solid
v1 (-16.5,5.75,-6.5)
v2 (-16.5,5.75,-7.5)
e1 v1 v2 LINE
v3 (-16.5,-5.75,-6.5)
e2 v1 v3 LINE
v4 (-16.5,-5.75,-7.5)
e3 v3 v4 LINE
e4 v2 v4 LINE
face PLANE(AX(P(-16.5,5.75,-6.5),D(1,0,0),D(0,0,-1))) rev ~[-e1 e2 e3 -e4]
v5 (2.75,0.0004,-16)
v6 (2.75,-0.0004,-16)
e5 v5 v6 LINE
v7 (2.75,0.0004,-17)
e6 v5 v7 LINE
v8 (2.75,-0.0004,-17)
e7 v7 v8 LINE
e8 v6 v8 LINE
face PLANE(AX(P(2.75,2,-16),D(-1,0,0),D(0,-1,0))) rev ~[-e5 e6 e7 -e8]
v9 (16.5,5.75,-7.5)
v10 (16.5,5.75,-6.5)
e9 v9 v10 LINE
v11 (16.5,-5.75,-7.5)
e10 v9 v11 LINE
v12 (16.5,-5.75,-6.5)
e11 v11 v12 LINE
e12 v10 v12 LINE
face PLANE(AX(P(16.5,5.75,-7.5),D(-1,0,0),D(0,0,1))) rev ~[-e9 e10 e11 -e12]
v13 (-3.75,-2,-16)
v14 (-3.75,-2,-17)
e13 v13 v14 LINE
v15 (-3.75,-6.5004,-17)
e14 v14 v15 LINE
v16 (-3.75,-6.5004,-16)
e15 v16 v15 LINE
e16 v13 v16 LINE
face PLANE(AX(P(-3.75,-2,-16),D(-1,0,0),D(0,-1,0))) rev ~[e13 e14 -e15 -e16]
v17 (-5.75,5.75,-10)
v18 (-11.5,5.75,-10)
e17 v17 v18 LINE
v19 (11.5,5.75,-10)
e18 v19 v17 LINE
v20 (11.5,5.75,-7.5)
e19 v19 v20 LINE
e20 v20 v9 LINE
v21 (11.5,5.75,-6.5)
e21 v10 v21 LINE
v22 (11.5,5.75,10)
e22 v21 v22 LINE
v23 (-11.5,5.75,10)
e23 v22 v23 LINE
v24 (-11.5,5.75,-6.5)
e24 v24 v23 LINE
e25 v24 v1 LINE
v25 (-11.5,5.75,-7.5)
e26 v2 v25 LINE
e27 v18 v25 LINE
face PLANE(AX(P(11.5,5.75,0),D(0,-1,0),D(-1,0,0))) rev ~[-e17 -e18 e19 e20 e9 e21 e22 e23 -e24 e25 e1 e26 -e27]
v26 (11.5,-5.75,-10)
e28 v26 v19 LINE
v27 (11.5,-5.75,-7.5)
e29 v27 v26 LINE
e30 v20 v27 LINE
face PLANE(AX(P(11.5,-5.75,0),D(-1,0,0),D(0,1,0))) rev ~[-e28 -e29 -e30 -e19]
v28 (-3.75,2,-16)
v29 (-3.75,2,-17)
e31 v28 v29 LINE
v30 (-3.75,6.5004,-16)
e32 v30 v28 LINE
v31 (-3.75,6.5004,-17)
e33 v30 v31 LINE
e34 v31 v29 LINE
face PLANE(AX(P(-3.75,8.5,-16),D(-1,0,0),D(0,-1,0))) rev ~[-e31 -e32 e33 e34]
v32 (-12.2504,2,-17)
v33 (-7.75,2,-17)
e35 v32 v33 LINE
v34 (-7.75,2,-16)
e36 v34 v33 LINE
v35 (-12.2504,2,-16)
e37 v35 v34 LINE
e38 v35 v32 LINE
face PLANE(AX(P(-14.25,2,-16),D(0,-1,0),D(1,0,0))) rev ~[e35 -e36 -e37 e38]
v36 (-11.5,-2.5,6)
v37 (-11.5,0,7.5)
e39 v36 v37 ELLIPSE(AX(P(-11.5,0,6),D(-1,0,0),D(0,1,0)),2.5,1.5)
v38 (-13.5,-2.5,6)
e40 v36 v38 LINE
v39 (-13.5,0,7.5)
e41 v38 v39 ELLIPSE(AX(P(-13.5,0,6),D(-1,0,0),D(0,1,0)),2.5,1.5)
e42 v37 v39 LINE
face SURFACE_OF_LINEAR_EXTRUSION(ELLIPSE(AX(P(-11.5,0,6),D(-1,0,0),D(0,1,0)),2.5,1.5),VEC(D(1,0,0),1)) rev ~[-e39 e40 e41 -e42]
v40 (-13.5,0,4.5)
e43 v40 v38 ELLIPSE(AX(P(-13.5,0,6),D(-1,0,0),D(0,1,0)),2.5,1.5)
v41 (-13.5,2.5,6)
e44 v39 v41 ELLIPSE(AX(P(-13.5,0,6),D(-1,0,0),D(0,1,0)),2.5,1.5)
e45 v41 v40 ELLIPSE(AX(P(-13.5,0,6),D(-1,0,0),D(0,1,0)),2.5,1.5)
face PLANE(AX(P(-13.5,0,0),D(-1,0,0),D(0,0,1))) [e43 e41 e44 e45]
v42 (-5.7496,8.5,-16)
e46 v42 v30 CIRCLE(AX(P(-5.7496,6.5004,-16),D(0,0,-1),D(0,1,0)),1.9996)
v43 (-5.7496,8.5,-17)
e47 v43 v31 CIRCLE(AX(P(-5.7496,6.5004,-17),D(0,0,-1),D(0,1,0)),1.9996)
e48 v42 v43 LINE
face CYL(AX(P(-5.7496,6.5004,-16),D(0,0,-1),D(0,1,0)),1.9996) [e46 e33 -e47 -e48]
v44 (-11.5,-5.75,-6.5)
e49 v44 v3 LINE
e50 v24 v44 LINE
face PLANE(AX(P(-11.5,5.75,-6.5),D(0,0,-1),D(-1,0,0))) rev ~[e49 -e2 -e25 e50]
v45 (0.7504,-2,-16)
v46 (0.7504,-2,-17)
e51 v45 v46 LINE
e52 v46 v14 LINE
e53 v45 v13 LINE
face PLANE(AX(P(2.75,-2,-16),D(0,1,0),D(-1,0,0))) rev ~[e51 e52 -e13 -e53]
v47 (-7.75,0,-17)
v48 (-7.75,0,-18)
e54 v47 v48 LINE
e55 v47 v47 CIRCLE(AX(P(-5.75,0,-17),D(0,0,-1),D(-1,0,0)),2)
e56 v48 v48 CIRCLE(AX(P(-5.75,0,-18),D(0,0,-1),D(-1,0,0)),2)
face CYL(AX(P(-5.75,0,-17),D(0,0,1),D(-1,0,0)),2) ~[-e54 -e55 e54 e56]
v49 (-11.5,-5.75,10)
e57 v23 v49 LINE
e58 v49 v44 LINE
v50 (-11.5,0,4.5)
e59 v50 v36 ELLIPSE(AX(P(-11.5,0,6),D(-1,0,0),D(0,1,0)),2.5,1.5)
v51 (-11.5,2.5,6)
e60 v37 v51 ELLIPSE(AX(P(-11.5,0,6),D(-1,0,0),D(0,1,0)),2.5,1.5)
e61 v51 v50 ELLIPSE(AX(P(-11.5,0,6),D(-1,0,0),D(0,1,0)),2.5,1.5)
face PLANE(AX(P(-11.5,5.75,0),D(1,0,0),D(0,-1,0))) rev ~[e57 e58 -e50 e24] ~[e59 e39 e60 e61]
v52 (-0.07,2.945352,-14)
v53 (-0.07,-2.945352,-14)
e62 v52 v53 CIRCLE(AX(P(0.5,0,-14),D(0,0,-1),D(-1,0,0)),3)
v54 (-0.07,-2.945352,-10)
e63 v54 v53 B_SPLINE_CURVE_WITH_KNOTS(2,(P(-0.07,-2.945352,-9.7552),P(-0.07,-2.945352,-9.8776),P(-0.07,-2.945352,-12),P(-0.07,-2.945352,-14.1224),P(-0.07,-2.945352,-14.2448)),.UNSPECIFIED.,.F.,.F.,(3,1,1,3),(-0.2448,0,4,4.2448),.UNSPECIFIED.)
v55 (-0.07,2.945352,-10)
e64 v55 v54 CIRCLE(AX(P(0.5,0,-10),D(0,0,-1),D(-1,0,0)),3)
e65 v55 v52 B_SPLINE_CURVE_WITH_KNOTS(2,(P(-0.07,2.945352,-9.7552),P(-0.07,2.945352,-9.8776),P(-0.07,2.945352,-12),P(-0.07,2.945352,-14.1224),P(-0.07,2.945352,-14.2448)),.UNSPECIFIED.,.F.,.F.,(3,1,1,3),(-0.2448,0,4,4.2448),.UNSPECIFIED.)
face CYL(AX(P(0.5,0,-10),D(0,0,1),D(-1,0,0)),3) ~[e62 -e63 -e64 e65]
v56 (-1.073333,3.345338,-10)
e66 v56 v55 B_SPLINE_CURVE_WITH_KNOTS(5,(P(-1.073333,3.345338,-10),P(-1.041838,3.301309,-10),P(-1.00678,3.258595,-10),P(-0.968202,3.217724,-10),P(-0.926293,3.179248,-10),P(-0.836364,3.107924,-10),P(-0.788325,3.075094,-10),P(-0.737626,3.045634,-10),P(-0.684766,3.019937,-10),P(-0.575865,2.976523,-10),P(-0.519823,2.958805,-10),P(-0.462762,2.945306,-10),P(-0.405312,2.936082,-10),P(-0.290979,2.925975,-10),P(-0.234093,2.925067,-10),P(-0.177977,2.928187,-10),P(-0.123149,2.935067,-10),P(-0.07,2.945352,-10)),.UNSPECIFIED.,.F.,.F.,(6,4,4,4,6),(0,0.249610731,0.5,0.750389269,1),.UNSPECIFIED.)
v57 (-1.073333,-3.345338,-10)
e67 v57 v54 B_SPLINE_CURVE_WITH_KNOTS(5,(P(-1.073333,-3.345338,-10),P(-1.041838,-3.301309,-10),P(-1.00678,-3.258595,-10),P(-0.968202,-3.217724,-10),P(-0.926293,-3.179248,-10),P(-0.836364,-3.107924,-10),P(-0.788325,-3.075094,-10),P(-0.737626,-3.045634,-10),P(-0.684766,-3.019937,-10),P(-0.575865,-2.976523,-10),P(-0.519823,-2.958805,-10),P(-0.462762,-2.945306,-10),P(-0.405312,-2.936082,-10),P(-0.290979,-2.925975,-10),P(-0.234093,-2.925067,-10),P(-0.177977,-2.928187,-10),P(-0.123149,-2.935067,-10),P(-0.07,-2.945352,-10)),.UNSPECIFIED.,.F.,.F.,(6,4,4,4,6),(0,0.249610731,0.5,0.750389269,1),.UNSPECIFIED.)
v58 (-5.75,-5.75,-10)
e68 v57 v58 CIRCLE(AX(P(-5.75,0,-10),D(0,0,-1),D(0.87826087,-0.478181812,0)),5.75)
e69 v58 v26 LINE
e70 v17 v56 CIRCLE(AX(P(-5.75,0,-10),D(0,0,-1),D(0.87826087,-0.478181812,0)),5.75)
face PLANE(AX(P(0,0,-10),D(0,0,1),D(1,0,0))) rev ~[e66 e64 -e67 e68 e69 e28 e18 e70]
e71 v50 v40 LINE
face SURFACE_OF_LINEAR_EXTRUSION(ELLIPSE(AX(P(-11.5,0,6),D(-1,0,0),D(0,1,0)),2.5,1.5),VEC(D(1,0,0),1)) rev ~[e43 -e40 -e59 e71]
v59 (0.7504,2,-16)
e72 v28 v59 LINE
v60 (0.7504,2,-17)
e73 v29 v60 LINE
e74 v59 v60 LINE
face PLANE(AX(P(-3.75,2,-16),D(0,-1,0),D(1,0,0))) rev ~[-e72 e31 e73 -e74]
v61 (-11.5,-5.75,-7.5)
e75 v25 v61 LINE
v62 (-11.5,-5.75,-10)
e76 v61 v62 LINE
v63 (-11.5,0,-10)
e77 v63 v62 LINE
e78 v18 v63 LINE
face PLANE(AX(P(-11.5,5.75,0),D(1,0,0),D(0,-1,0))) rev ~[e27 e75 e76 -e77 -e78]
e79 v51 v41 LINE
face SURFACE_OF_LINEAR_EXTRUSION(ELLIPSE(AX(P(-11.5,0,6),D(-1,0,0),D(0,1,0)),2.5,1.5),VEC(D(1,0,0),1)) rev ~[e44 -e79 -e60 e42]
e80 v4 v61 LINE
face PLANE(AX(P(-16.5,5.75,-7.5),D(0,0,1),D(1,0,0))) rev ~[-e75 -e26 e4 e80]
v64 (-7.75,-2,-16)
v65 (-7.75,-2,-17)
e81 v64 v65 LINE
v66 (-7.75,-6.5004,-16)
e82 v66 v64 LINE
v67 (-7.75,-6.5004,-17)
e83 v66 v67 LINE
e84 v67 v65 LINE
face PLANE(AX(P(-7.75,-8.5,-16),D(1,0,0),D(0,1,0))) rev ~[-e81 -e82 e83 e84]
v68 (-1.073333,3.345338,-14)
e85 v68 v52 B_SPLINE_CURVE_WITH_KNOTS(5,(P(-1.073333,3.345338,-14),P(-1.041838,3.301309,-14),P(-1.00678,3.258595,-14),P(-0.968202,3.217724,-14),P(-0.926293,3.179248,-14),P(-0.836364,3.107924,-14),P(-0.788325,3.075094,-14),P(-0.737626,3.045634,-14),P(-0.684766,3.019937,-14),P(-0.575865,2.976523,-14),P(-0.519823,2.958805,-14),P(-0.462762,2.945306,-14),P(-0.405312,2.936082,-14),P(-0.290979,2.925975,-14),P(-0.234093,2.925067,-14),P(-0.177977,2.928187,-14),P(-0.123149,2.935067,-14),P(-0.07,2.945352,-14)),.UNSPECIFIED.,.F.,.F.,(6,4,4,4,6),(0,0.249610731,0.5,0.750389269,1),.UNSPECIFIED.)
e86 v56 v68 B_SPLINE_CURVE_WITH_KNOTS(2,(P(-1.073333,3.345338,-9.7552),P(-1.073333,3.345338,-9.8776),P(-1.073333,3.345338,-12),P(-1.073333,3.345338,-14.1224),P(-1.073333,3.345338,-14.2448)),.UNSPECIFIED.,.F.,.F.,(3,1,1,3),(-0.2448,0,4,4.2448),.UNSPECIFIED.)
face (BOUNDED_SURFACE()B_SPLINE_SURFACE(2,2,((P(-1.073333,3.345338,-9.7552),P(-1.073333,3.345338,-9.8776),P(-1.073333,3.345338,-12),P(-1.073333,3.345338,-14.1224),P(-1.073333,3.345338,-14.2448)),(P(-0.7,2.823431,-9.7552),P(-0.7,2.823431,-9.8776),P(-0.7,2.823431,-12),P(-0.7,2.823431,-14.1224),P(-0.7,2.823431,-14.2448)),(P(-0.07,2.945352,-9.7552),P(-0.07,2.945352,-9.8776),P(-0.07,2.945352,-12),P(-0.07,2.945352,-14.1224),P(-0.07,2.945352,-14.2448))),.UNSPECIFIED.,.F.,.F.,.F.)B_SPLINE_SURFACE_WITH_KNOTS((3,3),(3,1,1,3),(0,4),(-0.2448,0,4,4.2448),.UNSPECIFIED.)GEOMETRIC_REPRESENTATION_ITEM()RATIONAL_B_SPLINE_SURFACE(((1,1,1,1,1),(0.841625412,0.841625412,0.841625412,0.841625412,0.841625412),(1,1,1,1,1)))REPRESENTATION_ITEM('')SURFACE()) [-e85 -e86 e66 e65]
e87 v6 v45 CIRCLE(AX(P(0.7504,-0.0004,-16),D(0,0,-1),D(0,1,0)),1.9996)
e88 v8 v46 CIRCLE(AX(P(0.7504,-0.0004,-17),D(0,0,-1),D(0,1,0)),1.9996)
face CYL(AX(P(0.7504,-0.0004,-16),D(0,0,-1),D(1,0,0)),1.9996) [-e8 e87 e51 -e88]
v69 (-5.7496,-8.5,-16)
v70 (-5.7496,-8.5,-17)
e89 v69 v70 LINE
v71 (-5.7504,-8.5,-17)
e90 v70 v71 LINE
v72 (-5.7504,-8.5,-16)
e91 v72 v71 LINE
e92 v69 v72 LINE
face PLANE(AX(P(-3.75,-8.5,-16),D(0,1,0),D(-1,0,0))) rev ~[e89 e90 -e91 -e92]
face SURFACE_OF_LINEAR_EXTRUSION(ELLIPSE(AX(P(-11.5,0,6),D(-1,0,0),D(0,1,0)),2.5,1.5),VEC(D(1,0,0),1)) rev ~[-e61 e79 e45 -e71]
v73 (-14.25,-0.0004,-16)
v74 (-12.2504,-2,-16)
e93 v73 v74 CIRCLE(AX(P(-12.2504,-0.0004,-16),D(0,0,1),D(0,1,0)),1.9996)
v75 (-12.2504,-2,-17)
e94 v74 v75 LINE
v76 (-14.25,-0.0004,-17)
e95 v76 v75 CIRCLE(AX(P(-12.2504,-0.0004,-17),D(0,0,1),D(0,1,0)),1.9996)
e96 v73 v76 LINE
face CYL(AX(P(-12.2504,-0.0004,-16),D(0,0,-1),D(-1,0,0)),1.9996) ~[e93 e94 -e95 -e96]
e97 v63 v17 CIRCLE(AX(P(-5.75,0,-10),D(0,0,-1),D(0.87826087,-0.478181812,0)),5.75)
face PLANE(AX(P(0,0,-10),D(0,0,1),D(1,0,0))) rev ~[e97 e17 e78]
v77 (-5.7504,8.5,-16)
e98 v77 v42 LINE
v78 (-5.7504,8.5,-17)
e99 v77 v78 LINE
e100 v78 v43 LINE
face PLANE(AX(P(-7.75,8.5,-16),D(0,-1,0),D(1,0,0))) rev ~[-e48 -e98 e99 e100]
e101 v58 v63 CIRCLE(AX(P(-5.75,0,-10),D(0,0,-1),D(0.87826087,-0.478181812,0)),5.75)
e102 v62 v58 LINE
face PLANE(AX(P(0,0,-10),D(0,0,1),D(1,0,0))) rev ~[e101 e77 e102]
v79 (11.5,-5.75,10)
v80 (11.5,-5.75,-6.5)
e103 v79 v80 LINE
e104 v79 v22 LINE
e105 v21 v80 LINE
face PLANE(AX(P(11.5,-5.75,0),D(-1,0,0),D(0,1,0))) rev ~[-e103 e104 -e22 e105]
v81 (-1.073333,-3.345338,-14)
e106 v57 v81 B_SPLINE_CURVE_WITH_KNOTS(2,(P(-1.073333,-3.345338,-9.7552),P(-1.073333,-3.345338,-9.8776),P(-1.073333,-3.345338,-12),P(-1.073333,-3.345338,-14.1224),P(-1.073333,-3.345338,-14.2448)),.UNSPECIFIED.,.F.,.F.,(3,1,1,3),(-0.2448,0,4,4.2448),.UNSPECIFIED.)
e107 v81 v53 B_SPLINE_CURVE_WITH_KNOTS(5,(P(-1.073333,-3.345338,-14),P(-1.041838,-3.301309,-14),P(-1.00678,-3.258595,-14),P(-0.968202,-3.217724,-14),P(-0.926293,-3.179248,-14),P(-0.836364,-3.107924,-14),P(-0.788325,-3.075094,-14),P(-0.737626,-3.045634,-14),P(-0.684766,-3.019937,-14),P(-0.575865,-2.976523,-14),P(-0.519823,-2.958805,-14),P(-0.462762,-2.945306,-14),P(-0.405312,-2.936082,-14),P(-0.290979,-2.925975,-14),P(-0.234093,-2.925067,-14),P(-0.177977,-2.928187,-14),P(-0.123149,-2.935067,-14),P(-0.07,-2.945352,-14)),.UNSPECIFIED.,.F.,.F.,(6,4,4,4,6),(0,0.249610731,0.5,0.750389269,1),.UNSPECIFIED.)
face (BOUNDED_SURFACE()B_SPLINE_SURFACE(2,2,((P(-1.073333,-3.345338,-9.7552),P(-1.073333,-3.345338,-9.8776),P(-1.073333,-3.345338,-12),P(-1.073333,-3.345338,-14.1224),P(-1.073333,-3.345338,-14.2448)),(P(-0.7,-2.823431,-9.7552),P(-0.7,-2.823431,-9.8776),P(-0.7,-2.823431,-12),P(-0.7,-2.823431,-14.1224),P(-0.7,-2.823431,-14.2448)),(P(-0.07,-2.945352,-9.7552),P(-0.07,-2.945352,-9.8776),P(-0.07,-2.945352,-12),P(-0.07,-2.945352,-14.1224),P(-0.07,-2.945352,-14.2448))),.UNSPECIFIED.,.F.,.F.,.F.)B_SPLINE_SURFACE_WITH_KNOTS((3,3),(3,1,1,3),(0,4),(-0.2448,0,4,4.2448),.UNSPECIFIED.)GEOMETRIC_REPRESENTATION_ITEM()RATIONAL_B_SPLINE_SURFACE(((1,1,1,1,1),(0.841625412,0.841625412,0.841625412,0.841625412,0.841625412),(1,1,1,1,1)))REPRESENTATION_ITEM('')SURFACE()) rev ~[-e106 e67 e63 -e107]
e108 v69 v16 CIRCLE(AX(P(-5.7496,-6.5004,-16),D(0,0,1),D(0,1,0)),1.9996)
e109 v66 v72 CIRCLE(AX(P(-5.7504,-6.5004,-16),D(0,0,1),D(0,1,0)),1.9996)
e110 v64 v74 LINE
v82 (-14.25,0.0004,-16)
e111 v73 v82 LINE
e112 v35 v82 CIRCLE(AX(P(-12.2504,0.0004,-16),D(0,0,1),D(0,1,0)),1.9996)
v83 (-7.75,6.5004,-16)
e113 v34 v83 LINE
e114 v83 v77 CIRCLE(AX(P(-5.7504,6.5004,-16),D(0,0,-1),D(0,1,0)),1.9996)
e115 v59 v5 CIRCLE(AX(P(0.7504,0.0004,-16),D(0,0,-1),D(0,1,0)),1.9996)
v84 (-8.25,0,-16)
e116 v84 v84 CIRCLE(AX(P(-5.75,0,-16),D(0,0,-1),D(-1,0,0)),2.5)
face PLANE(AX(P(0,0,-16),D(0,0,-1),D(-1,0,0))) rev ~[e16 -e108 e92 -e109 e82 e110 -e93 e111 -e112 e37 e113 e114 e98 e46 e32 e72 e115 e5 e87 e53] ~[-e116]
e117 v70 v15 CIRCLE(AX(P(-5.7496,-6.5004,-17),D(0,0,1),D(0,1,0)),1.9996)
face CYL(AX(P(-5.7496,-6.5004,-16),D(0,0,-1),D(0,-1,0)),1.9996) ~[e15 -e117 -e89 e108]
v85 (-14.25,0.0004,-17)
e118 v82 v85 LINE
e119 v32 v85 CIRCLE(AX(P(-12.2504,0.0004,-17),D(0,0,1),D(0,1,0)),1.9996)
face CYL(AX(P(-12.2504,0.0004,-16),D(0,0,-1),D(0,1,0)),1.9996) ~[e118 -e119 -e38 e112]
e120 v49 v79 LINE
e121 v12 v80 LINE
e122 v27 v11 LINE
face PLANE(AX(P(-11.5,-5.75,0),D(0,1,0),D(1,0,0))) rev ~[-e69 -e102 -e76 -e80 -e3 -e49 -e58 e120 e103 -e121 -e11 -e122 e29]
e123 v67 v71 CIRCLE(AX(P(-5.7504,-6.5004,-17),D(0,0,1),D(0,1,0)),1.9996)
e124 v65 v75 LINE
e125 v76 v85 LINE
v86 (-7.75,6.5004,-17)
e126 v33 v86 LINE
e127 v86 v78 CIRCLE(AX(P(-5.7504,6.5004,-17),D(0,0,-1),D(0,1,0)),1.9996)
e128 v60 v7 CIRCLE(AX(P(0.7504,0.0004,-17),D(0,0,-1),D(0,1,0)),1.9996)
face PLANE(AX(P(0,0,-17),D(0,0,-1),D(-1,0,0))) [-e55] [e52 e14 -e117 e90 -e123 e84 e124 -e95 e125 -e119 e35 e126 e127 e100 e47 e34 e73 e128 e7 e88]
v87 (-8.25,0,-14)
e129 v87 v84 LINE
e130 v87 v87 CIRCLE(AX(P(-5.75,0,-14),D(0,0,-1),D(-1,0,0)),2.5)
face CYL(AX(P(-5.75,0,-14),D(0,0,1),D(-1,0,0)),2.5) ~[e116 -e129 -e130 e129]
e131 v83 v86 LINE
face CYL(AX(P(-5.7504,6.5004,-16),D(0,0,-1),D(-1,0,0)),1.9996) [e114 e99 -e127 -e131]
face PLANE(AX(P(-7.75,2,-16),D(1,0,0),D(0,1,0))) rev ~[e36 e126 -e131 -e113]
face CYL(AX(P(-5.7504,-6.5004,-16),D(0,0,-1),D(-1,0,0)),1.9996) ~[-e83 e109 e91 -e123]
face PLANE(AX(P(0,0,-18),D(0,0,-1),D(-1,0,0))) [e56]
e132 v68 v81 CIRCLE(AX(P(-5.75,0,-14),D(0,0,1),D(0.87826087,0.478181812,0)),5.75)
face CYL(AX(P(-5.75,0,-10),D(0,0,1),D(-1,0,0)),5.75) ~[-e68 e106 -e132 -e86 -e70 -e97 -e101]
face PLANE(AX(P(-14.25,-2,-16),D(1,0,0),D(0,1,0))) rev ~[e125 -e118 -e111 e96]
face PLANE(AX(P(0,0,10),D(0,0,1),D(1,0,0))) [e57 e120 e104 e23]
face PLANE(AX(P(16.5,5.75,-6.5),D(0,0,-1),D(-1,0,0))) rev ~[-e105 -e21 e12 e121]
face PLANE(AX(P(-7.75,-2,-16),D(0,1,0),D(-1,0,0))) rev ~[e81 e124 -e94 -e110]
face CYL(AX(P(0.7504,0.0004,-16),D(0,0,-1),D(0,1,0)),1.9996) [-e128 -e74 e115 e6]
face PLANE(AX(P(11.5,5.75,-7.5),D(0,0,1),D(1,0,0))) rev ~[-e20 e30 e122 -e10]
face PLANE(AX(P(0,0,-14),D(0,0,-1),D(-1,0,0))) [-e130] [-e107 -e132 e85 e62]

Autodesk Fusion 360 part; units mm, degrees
sketch "Skizze1" plane through (0, 0, 0) normal (0, 0, 1) x (1, 0, 0)
  line L0 (11.5, 5.75) -> (-11.5, 5.75)
  line L1 (-11.5, 5.75) -> (-11.5, -5.75)
  line L2 (-11.5, -5.75) -> (11.5, -5.75)
  line L3 (11.5, -5.75) -> (11.5, 5.75)
  line L4 (11.5, 5.75) -> (-11.5, -5.75) construction
  line L5 (-11.5, 5.75) -> (11.5, -5.75) construction
  dimension "d1" = 11.5
  dimension "d2" = 23
extrude "Extrusion1" add sketch "Skizze1" along normal mid plane 20
sketch "Skizze2" plane through (0, 5.75, 0) normal (0, 1, 0) x (-1, 0, 0)
  line L0 (11.5, -10) -> (11.5, 10)
  line L1 (11.5, 10) -> (-11.5, 10)
  line L2 (-11.5, 10) -> (-11.5, -10)
  line L3 (-11.5, -10) -> (11.5, -10)
  line L4 (16.5, -7.5) -> (-16.5, -7.5)
  line L5 (-16.5, -7.5) -> (-16.5, -6.5)
  line L6 (-16.5, -6.5) -> (16.5, -6.5)
  line L7 (16.5, -6.5) -> (16.5, -7.5)
  dimension "d5" = 2.5
  dimension "d6" = 1
  dimension "d7" = 5
  dimension "d8" = 5
extrude "Extrusion2" add sketch "Skizze2" against normal blind 11.5 contours L0 L4 L6 L7 | L2 L4 L5 L6
sketch "Skizze3" plane through (0, 0, -10) normal (0, 0, -1) x (-1, 0, 0)
  line L0 (-11.5, 5.75) -> (-11.5, -5.75)
  line L1 (-11.5, -5.75) -> (11.5, -5.75)
  line L2 (11.5, -5.75) -> (11.5, 5.75)
  line L3 (11.5, 5.75) -> (-11.5, 5.75)
  circle A0 centre (5.75, 0) radius 5.75
  circle A1 centre (-0.5, 0) radius 3
  dimension "d11" = 11.5
  dimension "d13" = 6
  dimension "d14" = 12
extrude "Extrusion3" add sketch "Skizze3" along normal blind 4 contours A0 A1 | A0 A1 | A0 A1
fillet "Abrundung1" radius 1 2 edges at (-0.7, 2.7495, -12) (-0.7, -2.7495, -12)
sketch "Skizze4" plane through (0, 0, -14) normal (0, 0, -1) x (-1, 0, 0)
  arc A0 (1.0733, -3.3453) -> (1.0733, 3.3453) centre (5.75, 0) ccw
  arc A1 (0.07, 2.9454) -> (1.0733, 3.3453) centre (0.26, 3.9271) ccw
  arc A2 (0.07, 2.9454) -> (0.07, -2.9454) centre (-0.5, 0) ccw
  arc A3 (1.0733, -3.3453) -> (0.07, -2.9454) centre (0.26, -3.9271) ccw
  circle A4 centre (5.75, 0) radius 2.5
  dimension "d19" = 5
extrude "Extrusion4" add sketch "Skizze4" along normal blind 2 contours A4
sketch "Skizze5" plane through (0, 0, -16) normal (0, 0, -1) x (-1, 0, 0)
  circle A0 centre (5.75, 0) radius 2.5
  line L0 (7.75, 8.5) -> (3.75, 8.5)
  line L1 (3.75, -8.5) -> (7.75, -8.5)
  line L2 (7.75, 8.5) -> (3.75, -8.5) construction
  line L3 (3.75, 8.5) -> (7.75, -8.5) construction
  line L4 (-2.75, 2) -> (-2.75, -2)
  line L5 (14.25, -2) -> (14.25, 2)
  line L6 (14.25, 2) -> (-2.75, -2) construction
  line L7 (-2.75, 2) -> (14.25, -2) construction
  line L8 (3.75, 2) -> (-2.75, 2)
  line L9 (3.75, 8.5) -> (3.75, 2)
  line L10 (3.75, 0.4706) -> (3.75, -0.4706)
  line L11 (3.75, -2) -> (3.75, -8.5)
  line L12 (-2.75, -2) -> (3.75, -2)
  line L13 (7.75, -2) -> (14.25, -2)
  line L14 (7.75, -8.5) -> (7.75, -2)
  line L15 (7.75, -0.4706) -> (7.75, 0.4706)
  line L16 (7.75, 2) -> (7.75, 8.5)
  line L17 (14.25, 2) -> (7.75, 2)
  line L18 (6.2206, 2) -> (5.2794, 2)
  point P0 (5.75, 0)
  point P1 (5.75, 0)
  dimension "d22" = 4
  dimension "d23" = 17
extrude "Extrusion5" add sketch "Skizze5" along normal blind 1 contours A0 | L0 L1 L4 L5 L8 L9 L11 L12 L13 L14 L16 L17
fillet "Abrundung2" radius 2 8 edges at (2.75, -2, -16.5) (-3.75, -8.5, -16.5) (-7.75, -8.5, -16.5) (-14.25, -2, -16.5) (-14.25, 2, -16.5) (-7.75, 8.5, -16.5) (-3.75, 8.5, -16.5) (2.75, 2, -16.5)
sketch "Skizze6" plane through (0, 0, -17) normal (0, 0, -1) x (-1, 0, 0)
  arc A0 (-0.75, 2) -> (-0.75, -2) centre (-0.75, 0) ccw
  line L0 (-0.75, -2) -> (3.75, -2)
  line L1 (3.75, -2) -> (3.75, -6.5)
  arc A1 (3.75, -6.5) -> (7.75, -6.5) centre (5.75, -6.5) ccw
  line L2 (7.75, -6.5) -> (7.75, -2)
  line L3 (7.75, -2) -> (12.25, -2)
  arc A2 (12.25, -2) -> (12.25, 2) centre (12.25, 0) ccw
  line L4 (12.25, 2) -> (7.75, 2)
  line L5 (7.75, 2) -> (7.75, 6.5)
  arc A3 (7.75, 6.5) -> (3.75, 6.5) centre (5.75, 6.5) ccw
  line L6 (3.75, 6.5) -> (3.75, 2)
  line L7 (3.75, 2) -> (-0.75, 2)
  line L8 (5.75, 6.5) -> (5.75, -6.5) construction
  line L9 (12.25, 0) -> (-0.75, 0) construction
  circle A4 centre (5.75, 0) radius 2
  dimension "d28" = 4
extrude "Extrusion6" add sketch "Skizze6" along normal blind 1 contours A4
sketch "Skizze7" plane through (-11.5, 0, 0) normal (-1, 0, 0) x (0, 0, 1)
  line L0 (-6.5, 5.75) -> (-6.5, -5.75)
  line L1 (-6.5, -5.75) -> (10, -5.75)
  line L2 (10, -5.75) -> (10, 5.75)
  line L3 (10, 5.75) -> (-6.5, 5.75)
  ellipse E0 centre (6, 0) end of major axis (6, 2.5) minor radius 1.5
  line L4 (6, -2.5) -> (6, 2.5)
  line L5 (7.5, 0) -> (4.5, 0)
  dimension "d31" = 5
  dimension "d32" = 3
  dimension "d33" = 4
extrude "Extrusion7" add sketch "Skizze7" along normal blind 2 contours E0 L4 L5 | E0 L4 L5 | E0 L4 L5 | E0 L4 L5
equation "d8 = d7"
